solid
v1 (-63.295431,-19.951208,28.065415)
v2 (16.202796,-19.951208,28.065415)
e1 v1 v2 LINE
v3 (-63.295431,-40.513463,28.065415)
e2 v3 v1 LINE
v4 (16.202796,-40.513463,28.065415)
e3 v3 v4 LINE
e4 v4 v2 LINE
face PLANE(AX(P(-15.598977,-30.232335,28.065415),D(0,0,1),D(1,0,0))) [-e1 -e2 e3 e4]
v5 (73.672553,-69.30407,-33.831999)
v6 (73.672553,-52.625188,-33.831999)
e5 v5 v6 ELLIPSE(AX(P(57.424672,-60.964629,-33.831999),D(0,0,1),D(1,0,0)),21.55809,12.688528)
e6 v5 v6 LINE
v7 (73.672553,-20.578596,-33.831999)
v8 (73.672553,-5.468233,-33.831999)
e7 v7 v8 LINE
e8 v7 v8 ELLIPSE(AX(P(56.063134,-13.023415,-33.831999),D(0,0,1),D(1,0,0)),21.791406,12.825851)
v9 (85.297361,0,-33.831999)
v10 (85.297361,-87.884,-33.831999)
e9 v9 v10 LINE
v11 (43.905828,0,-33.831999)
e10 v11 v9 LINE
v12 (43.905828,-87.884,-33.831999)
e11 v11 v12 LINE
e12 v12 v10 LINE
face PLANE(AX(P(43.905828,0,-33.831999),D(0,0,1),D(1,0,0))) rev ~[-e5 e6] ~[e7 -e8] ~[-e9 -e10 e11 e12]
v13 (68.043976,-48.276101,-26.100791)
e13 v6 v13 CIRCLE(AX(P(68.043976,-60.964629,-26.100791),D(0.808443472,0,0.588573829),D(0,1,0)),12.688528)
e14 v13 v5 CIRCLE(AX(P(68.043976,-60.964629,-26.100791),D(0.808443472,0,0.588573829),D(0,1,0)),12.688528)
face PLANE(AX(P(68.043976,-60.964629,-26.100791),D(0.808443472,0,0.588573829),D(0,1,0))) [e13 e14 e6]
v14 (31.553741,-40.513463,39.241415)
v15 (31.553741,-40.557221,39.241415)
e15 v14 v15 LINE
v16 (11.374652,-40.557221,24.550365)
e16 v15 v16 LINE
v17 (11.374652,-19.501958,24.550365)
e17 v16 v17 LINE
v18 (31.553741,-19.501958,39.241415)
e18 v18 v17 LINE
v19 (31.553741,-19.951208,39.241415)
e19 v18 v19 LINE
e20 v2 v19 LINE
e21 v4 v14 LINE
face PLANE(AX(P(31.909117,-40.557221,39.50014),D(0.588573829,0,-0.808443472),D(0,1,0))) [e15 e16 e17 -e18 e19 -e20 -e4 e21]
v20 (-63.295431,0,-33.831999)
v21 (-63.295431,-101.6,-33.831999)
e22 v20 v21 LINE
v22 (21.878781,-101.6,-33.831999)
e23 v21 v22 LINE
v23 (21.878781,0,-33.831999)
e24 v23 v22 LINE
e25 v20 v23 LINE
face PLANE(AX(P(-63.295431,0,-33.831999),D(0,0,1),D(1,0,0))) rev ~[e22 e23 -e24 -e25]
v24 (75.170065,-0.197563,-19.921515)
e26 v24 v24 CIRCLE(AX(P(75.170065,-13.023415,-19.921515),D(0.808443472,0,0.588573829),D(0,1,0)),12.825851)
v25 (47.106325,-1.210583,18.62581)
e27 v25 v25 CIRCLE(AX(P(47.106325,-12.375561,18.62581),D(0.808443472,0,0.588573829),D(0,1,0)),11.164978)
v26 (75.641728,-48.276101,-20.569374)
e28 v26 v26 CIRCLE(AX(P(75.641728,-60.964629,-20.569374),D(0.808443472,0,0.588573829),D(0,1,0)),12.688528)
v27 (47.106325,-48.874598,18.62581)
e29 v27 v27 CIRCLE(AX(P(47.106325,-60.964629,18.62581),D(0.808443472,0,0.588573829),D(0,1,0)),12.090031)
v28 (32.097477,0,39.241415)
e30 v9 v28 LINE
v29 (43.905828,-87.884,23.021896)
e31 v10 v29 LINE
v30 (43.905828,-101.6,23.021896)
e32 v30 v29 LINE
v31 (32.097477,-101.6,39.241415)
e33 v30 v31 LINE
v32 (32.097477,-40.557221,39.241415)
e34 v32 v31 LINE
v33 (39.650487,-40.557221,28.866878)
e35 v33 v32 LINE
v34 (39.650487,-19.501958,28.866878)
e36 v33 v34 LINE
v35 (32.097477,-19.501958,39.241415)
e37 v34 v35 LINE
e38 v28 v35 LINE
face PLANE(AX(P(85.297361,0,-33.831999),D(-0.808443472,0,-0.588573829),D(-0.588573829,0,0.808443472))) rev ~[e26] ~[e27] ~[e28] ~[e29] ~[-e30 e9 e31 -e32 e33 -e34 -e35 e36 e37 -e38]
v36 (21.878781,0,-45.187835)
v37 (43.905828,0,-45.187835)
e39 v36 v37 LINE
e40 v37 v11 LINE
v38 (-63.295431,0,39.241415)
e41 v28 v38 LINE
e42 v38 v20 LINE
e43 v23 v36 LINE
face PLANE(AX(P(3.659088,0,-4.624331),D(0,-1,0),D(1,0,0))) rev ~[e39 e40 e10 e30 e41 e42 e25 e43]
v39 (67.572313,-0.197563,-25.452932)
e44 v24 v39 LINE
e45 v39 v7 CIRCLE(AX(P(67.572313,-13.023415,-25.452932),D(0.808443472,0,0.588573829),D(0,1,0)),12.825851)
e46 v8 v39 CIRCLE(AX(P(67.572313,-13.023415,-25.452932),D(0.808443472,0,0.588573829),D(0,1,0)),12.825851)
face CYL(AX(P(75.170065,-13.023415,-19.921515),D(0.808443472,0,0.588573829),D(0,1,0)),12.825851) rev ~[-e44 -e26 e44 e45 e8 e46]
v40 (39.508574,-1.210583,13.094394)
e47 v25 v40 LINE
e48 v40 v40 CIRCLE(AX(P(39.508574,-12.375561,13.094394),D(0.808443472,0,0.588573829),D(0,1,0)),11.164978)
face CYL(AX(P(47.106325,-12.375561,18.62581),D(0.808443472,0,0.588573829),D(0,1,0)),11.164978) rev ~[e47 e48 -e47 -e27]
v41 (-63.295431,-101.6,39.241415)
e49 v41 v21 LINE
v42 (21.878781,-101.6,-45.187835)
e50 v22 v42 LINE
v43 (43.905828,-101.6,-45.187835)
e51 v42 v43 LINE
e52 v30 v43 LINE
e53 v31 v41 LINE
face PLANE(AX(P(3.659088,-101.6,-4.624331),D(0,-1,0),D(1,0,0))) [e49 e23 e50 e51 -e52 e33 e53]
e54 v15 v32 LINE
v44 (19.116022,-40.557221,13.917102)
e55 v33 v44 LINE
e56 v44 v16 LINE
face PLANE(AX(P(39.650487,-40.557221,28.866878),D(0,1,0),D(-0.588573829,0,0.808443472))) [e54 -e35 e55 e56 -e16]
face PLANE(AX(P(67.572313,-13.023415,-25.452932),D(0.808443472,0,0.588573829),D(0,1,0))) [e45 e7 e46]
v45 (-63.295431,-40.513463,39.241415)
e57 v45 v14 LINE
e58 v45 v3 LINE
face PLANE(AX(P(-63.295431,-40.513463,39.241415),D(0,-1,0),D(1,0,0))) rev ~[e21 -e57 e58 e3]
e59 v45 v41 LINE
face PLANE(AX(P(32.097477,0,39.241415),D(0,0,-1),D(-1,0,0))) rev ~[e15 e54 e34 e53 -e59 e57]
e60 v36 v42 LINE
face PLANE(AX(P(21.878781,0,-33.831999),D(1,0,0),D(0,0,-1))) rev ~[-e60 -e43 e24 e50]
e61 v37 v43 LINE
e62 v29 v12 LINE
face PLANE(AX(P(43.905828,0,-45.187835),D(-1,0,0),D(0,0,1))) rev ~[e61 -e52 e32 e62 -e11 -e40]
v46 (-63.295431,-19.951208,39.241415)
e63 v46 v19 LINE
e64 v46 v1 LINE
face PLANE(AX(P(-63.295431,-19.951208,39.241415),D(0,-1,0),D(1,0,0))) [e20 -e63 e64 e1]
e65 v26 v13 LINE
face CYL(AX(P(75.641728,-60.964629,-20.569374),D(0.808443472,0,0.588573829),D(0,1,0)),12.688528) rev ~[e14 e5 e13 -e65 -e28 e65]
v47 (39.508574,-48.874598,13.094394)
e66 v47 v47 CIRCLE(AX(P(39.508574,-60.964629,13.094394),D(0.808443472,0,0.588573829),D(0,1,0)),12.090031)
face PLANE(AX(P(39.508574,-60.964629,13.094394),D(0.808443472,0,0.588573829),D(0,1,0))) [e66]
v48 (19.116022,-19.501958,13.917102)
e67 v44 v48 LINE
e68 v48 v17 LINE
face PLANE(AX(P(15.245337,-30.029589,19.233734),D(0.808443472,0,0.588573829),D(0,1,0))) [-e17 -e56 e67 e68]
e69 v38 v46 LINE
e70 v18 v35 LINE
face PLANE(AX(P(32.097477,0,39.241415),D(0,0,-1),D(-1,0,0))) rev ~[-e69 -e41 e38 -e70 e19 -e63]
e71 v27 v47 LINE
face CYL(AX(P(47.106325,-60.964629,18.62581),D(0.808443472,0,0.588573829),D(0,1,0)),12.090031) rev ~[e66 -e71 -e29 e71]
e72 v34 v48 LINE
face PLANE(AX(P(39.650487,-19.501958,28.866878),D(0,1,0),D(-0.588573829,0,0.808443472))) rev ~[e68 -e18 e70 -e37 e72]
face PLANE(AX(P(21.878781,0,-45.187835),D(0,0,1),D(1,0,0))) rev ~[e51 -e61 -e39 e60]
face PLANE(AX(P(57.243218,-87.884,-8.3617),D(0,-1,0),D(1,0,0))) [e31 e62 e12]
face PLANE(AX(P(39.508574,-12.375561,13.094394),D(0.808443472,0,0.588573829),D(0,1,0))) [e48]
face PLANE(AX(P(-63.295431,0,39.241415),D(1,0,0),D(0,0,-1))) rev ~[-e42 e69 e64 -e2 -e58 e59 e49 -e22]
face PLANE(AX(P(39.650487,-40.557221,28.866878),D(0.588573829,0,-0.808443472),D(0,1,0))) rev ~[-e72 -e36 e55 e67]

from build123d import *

# Parameters (mm, degrees)
F1_DEPTH  = 101.6
F2_W      = 95.392908901
F2_H      = 20.5622557551
F3_DEPTH  = 11.176
F5_W      = 21.0552625358
F5_H      = 13.1527595222
F6_DEPTH  = 25.4
F7_R      = 12.0900311227
F7_R_2    = 11.1649780349
F7_R_3    = 12.6885276411
F7_R_4    = 12.8258511979
F8_DEPTH  = 9.398
F10_DEPTH = 13.716


with BuildPart() as f1:
    # F0 (on Front) → F1 (new body)
    with BuildSketch(Plane.XZ):
        Polygon((32.0974774659, 39.2414145172), (-63.2954314351, 39.2414145172), (-63.2954314351, -33.8319987059), (21.8787807971, -33.8319987059), (21.8787807971, -45.1878346503), (43.9058281481, -45.1878346503), (43.9058281481, -33.8319987059), (85.2973610163, -33.8319987059), align=None)
    extrude(amount=F1_DEPTH)

    # F2 (on face) → F3 (cut)
    with BuildSketch(Plane.XY.offset(39.2414145172)):
        with Locations((-15.5989769846, -30.2323354408)):
            Rectangle(F2_W, F2_H)
    extrude(amount=-F3_DEPTH, mode=Mode.SUBTRACT)

    # F5 (on face) → F6 (cut)
    with BuildSketch(Plane(origin=(39.6504866209, 0, 28.8668775402), x_dir=(0, 1, 0), z_dir=(0.8084434725, 0, 0.5885738287))):
        with Locations((-30.0295893103, 6.5763797611)):
            Rectangle(F5_W, F5_H)
    extrude(amount=-F6_DEPTH, mode=Mode.SUBTRACT)

    # F7 (on face) → F8 (cut)
    with BuildSketch(Plane(origin=(39.6504866209, 0, 28.8668775402), x_dir=(0, 1, 0), z_dir=(0.8084434725, 0, 0.5885738287))):
        with Locations((-60.9646290541, -12.6676354557)):
            Circle(F7_R)
        with Locations((-12.3755605891, -12.6676354557)):
            Circle(F7_R_2)
        with Locations((-60.9646290541, -61.1499175429)):
            Circle(F7_R_3)
        with Locations((-13.0234146491, -60.3485517204)):
            Circle(F7_R_4)
    extrude(amount=-F8_DEPTH, mode=Mode.SUBTRACT)

    # F9 (on face) → F10 (cut)
    with BuildSketch(Plane.XZ.offset(101.6)):
        Polygon((43.9058281481, 31.8253524601), (43.9058281481, -33.8319987059), (85.2973610163, -33.8319987059), align=None)
    extrude(amount=-F10_DEPTH, mode=Mode.SUBTRACT)


solid = f1.part
